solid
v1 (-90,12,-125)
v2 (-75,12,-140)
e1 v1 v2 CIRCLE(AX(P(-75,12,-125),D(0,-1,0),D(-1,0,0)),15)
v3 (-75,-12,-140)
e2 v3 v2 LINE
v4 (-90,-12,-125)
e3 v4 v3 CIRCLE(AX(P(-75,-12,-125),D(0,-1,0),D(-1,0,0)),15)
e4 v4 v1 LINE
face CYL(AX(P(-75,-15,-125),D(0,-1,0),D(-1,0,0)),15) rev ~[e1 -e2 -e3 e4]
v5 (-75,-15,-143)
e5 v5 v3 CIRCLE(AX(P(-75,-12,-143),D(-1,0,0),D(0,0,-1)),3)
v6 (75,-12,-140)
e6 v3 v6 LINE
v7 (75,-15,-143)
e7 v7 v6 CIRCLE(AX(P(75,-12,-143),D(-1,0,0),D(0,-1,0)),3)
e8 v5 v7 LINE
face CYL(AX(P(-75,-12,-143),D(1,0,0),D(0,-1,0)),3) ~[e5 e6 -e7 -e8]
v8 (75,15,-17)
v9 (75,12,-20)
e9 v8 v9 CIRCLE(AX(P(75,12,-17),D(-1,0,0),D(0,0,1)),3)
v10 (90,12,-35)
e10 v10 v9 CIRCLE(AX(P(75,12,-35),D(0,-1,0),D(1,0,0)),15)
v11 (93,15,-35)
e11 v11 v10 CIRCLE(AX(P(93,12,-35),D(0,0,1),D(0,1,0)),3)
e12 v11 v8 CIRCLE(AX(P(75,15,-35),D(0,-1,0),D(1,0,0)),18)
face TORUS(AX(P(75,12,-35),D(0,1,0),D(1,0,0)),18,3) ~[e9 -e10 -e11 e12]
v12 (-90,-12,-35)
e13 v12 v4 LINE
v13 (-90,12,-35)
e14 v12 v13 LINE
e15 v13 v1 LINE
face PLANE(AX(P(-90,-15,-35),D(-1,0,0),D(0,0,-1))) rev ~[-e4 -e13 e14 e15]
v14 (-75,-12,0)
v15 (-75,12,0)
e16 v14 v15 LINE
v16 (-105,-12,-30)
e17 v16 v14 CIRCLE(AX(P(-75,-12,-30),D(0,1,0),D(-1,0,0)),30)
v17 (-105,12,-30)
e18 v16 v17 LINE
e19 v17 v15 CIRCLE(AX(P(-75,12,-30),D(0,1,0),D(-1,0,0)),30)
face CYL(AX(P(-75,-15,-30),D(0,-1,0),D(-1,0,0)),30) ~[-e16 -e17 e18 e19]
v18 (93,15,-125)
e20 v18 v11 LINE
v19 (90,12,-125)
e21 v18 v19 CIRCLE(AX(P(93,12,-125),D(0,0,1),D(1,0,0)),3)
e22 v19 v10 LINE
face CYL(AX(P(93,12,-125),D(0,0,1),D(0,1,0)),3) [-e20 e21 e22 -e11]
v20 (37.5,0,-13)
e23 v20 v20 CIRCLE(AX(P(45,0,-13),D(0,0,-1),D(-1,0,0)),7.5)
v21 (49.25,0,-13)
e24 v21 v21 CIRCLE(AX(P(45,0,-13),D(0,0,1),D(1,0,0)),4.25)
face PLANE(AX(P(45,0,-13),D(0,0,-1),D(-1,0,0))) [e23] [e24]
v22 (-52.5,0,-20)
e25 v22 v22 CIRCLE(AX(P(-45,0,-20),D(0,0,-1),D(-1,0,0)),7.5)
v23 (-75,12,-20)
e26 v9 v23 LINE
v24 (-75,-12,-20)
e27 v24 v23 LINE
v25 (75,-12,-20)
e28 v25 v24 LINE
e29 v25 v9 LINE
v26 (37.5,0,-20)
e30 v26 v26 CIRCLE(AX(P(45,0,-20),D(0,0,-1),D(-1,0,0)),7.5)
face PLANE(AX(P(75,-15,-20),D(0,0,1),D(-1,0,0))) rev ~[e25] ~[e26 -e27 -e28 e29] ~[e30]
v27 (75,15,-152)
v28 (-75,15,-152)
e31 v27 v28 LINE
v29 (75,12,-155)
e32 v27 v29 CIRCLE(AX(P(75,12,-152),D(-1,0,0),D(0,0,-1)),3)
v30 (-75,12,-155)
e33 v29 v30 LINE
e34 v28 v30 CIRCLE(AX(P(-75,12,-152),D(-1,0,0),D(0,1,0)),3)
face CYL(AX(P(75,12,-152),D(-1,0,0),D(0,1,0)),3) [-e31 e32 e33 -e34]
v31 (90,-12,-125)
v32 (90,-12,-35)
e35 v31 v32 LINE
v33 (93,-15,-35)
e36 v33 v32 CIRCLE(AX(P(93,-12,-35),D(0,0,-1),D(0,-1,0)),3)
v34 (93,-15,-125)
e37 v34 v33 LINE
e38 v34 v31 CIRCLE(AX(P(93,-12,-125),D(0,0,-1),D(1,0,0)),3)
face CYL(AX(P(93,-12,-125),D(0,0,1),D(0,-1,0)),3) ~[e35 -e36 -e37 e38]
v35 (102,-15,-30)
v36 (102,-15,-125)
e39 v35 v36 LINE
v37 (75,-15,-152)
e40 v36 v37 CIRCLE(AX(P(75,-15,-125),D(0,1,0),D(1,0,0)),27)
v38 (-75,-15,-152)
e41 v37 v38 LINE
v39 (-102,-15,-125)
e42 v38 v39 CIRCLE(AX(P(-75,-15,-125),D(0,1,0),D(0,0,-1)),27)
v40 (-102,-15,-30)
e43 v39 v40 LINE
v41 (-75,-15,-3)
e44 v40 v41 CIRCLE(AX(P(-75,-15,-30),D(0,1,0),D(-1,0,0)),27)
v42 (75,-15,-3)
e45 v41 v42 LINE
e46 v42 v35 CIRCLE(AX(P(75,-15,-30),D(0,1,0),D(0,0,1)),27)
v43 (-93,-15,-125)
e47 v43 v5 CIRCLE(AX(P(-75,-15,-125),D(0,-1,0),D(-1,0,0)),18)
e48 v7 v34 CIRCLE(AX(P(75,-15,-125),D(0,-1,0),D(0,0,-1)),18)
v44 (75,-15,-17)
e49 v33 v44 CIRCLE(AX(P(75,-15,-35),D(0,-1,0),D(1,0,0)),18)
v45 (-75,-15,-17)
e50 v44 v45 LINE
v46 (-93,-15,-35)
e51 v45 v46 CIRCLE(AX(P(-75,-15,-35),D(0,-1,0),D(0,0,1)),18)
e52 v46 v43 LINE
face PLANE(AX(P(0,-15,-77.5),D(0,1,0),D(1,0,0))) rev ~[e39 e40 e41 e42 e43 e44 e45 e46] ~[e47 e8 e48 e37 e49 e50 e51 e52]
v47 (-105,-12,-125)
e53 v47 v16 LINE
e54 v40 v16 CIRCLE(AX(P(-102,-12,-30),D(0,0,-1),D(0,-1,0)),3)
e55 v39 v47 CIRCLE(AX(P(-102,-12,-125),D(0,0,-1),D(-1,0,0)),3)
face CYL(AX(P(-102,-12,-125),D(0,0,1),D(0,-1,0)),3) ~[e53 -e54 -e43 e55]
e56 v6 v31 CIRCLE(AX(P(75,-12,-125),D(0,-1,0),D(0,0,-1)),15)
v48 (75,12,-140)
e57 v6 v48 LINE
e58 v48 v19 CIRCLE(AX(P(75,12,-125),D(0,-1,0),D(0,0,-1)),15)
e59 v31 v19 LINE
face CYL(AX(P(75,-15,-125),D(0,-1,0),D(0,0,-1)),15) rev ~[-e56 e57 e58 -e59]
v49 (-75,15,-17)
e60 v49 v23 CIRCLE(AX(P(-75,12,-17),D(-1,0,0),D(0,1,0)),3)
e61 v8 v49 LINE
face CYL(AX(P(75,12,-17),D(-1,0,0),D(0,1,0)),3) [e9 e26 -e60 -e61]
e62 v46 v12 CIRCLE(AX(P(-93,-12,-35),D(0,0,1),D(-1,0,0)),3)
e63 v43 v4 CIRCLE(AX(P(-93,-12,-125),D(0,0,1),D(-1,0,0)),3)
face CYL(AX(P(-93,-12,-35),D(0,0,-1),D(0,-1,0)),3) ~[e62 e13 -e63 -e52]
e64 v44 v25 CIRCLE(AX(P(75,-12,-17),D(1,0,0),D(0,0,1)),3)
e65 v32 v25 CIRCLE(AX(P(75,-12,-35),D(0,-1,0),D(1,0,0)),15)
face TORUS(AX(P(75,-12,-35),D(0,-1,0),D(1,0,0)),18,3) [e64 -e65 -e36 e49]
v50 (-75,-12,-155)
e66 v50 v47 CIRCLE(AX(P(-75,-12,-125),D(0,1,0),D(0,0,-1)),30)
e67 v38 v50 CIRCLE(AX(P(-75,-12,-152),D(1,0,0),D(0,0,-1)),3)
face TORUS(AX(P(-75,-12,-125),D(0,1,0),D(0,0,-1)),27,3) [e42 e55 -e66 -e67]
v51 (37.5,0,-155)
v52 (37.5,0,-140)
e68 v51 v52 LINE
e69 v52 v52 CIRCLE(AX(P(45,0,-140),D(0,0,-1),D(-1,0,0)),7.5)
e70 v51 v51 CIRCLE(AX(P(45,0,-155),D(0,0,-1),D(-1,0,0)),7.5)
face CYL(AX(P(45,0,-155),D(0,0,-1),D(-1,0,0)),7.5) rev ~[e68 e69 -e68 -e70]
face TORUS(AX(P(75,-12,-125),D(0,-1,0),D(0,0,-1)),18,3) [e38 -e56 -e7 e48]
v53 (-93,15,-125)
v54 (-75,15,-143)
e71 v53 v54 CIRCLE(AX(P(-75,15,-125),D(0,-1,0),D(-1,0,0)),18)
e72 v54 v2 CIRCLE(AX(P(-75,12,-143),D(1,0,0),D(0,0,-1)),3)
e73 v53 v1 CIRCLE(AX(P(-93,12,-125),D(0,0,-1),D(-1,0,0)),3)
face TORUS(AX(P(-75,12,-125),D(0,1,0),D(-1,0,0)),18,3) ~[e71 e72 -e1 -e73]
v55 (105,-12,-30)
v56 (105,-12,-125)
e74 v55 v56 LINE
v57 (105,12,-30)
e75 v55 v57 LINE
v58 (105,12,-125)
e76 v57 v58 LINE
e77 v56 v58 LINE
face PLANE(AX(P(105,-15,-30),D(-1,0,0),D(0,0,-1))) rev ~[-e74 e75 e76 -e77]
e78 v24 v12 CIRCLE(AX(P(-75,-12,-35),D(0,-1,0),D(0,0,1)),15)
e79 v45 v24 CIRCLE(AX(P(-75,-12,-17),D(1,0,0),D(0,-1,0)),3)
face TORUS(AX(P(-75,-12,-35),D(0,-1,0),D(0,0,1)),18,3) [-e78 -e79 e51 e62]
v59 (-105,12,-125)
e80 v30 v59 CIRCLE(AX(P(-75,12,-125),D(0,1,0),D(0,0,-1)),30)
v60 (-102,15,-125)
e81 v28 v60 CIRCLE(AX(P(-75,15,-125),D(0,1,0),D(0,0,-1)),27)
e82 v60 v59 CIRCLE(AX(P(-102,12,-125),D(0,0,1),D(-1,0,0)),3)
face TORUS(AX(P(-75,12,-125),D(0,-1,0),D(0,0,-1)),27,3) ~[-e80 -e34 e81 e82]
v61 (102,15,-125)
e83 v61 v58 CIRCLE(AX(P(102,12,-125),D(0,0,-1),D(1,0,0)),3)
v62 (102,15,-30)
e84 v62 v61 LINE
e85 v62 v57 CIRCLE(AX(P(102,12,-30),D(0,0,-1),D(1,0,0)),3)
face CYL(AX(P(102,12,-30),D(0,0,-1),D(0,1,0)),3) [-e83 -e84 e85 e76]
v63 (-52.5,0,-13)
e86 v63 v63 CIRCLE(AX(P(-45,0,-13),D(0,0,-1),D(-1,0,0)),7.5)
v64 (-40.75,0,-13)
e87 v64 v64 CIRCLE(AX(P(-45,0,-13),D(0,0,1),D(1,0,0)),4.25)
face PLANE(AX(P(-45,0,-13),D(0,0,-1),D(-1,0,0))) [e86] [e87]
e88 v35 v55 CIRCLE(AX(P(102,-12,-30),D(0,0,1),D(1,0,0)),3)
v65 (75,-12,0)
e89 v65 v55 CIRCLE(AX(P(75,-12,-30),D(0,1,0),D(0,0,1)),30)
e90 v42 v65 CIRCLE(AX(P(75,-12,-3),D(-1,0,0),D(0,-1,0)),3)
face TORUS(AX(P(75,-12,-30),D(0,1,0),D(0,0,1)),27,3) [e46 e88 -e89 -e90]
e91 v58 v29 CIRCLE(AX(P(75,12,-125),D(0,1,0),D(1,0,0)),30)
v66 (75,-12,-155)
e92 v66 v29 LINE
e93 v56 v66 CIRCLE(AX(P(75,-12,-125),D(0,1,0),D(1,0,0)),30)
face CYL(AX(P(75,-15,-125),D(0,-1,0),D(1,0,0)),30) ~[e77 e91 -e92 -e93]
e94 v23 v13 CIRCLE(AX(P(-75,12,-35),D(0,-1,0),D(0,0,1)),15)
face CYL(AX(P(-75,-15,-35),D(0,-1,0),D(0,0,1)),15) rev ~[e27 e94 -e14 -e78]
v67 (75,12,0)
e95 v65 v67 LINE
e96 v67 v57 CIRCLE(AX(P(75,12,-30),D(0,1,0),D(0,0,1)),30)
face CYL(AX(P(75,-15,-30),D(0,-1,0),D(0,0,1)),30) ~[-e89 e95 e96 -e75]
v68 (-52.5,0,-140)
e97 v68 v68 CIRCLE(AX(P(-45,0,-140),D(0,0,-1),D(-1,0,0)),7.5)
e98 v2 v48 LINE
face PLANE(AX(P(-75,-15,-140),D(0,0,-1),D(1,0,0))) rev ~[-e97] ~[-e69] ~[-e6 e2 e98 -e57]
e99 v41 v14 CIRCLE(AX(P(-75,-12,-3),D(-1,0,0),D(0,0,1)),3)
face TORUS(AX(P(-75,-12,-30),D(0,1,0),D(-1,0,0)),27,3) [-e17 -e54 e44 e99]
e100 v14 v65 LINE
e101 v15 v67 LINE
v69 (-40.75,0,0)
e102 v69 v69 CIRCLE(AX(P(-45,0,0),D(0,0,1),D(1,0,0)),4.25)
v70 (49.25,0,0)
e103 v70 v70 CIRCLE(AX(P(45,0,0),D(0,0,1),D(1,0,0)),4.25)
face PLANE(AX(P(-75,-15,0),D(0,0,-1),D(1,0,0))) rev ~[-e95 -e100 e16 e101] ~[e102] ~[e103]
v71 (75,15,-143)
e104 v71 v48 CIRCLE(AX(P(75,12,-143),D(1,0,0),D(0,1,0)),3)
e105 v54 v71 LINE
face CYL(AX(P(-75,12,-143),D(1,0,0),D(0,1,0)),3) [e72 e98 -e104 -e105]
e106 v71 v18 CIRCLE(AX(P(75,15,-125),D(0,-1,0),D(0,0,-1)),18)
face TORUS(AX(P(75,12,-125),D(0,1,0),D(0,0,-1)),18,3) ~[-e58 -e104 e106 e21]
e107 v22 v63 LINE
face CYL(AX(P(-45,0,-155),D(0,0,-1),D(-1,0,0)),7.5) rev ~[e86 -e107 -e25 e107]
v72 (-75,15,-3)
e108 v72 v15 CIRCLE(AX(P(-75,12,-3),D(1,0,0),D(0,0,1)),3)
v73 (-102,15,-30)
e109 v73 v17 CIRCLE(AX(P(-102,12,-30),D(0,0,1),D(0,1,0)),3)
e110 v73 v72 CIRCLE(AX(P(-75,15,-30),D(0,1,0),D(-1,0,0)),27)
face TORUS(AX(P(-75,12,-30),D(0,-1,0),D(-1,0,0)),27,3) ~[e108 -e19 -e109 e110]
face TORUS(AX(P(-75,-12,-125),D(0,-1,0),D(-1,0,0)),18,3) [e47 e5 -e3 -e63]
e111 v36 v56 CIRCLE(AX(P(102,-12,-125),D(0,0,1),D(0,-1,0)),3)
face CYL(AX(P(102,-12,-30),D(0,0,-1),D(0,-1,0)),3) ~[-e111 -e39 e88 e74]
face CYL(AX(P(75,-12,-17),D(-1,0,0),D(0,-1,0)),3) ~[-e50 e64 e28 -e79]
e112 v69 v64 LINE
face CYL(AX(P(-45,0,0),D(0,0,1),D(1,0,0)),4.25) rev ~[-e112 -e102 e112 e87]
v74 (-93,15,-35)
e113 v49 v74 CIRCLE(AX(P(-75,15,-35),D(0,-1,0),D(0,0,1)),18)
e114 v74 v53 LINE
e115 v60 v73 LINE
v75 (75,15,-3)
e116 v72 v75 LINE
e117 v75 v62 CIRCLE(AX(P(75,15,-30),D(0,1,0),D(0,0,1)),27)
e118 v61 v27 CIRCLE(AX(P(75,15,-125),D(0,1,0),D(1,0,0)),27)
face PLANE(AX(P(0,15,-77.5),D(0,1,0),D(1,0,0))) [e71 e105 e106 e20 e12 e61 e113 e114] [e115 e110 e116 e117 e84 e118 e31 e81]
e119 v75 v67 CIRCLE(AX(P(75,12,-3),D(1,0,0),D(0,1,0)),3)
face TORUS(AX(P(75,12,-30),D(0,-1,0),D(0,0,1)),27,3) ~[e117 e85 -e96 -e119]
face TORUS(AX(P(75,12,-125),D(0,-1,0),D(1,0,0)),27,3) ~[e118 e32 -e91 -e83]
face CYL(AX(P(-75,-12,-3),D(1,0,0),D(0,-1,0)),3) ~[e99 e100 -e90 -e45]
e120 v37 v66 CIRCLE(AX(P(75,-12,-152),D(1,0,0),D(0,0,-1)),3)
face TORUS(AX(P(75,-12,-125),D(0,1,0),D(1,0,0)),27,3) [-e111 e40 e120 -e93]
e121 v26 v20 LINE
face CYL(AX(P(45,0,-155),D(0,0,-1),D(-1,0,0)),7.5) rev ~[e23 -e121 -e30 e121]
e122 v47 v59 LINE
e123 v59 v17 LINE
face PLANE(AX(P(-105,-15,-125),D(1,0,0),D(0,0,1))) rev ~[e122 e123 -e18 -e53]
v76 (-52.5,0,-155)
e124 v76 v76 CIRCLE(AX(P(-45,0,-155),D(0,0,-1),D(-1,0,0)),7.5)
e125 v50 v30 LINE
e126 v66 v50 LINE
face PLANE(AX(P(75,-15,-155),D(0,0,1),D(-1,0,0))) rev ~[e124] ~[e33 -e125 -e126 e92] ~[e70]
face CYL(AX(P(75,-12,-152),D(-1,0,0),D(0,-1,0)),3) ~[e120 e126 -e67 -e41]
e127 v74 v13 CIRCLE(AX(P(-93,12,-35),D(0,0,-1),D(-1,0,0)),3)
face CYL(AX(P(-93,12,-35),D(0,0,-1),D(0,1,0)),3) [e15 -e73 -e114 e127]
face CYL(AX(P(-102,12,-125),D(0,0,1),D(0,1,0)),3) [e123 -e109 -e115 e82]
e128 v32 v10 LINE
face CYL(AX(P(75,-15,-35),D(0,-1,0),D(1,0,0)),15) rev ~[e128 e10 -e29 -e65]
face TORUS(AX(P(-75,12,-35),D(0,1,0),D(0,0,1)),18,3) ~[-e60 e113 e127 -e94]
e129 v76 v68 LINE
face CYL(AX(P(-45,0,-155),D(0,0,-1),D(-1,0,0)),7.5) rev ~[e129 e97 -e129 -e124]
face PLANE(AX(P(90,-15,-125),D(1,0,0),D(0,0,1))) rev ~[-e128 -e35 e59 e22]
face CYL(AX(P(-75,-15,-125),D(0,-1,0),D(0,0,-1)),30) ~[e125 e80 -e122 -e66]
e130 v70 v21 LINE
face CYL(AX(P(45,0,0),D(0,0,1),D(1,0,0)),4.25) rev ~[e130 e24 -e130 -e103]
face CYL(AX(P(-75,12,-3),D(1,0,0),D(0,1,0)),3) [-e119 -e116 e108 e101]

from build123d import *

# Parameters (mm, degrees)
BOSS_EXTRUDE1_DEPTH      = 15
BOSS_EXTRUDE1_DEPTH_BACK = 15
SKETCH2_R                = 4.25
CUT_EXTRUDE1_DEPTH       = 120
SKETCH3_R                = 7.5
CUT_EXTRUDE2_DEPTH       = 142
FILLET1_R                = 3


with BuildPart() as part:
    # Sketch1 → Boss-Extrude1 (new, two sides: drawn at the far end of the back side and taken through both)
    with BuildSketch(Plane(origin=(0, 0, 0), x_dir=(1, 0, 0), z_dir=(0, 1, 0)).offset(-BOSS_EXTRUDE1_DEPTH_BACK)):
        with BuildLine():
            Line((-75, 0), (75, 0))
            ThreePointArc((75, 0), (96.213203436, 8.786796564), (105, 30))
            Line((105, 30), (105, 125))
            ThreePointArc((105, 125), (96.213203436, 146.213203436), (75, 155))
            Line((75, 155), (-75, 155))
            ThreePointArc((-75, 155), (-96.213203436, 146.213203436), (-105, 125))
            Line((-105, 125), (-105, 30))
            ThreePointArc((-105, 30), (-96.213203436, 8.786796564), (-75, 0))
        make_face()
        with BuildLine():
            Line((-75, 140), (75, 140))
            ThreePointArc((75, 140), (85.606601718, 135.606601718), (90, 125))
            Line((90, 125), (90, 35))
            ThreePointArc((90, 35), (85.606601718, 24.393398282), (75, 20))
            Line((75, 20), (-75, 20))
            ThreePointArc((-75, 20), (-85.606601718, 24.393398282), (-90, 35))
            Line((-90, 35), (-90, 125))
            ThreePointArc((-90, 125), (-85.606601718, 135.606601718), (-75, 140))
        make_face(mode=Mode.SUBTRACT)
    extrude(amount=BOSS_EXTRUDE1_DEPTH + BOSS_EXTRUDE1_DEPTH_BACK)

    # Sketch2 → Cut-Extrude1 (cut)
    with BuildSketch(Plane.XY):
        with Locations((45, 0)):
            Circle(SKETCH2_R)
        with Locations((-45, 0)):
            Circle(SKETCH2_R)
    extrude(amount=-CUT_EXTRUDE1_DEPTH, mode=Mode.SUBTRACT)

    # Sketch3 → Cut-Extrude2 (cut)
    with BuildSketch(Plane(origin=(0, 0, -155), x_dir=(-1, 0, 0), z_dir=(0, 0, -1))):
        with Locations((45, 0)):
            Circle(SKETCH3_R)
        with Locations((-45, 0)):
            Circle(SKETCH3_R)
    extrude(amount=-CUT_EXTRUDE2_DEPTH, mode=Mode.SUBTRACT)

    # Fillet1
    fillet1_edges = [part.edges().sort_by_distance(p)[0] for p in [
        (-96.213203436, -15, -146.213203436),
        (-105, -15, -77.5),
        (-96.213203436, -15, -8.786796564),
        (0, -15, 0),
        (-85.606601718, -15, -135.606601718),
        (0, -15, -140),
        (85.606601718, -15, -135.606601718),
        (90, -15, -80),
        (96.213203436, -15, -8.786796564),
        (85.606601718, -15, -24.393398282),
        (0, -15, -20),
        (-85.606601718, -15, -24.393398282),
        (-90, -15, -80),
        (105, -15, -77.5),
        (96.213203436, 15, -146.213203436),
        (0, 15, -155),
        (-96.213203436, 15, -146.213203436),
        (-105, 15, -77.5),
        (-96.213203436, 15, -8.786796564),
        (0, 15, 0),
        (96.213203436, 15, -8.786796564),
        (105, 15, -77.5),
        (96.213203436, -15, -146.213203436),
        (-85.606601718, 15, -135.606601718),
        (-90, 15, -80),
        (-85.606601718, 15, -24.393398282),
        (0, 15, -20),
        (85.606601718, 15, -24.393398282),
        (90, 15, -80),
        (85.606601718, 15, -135.606601718),
        (0, 15, -140),
        (0, -15, -155),
    ]]
    fillet(fillet1_edges, radius=FILLET1_R)


solid = part.part
